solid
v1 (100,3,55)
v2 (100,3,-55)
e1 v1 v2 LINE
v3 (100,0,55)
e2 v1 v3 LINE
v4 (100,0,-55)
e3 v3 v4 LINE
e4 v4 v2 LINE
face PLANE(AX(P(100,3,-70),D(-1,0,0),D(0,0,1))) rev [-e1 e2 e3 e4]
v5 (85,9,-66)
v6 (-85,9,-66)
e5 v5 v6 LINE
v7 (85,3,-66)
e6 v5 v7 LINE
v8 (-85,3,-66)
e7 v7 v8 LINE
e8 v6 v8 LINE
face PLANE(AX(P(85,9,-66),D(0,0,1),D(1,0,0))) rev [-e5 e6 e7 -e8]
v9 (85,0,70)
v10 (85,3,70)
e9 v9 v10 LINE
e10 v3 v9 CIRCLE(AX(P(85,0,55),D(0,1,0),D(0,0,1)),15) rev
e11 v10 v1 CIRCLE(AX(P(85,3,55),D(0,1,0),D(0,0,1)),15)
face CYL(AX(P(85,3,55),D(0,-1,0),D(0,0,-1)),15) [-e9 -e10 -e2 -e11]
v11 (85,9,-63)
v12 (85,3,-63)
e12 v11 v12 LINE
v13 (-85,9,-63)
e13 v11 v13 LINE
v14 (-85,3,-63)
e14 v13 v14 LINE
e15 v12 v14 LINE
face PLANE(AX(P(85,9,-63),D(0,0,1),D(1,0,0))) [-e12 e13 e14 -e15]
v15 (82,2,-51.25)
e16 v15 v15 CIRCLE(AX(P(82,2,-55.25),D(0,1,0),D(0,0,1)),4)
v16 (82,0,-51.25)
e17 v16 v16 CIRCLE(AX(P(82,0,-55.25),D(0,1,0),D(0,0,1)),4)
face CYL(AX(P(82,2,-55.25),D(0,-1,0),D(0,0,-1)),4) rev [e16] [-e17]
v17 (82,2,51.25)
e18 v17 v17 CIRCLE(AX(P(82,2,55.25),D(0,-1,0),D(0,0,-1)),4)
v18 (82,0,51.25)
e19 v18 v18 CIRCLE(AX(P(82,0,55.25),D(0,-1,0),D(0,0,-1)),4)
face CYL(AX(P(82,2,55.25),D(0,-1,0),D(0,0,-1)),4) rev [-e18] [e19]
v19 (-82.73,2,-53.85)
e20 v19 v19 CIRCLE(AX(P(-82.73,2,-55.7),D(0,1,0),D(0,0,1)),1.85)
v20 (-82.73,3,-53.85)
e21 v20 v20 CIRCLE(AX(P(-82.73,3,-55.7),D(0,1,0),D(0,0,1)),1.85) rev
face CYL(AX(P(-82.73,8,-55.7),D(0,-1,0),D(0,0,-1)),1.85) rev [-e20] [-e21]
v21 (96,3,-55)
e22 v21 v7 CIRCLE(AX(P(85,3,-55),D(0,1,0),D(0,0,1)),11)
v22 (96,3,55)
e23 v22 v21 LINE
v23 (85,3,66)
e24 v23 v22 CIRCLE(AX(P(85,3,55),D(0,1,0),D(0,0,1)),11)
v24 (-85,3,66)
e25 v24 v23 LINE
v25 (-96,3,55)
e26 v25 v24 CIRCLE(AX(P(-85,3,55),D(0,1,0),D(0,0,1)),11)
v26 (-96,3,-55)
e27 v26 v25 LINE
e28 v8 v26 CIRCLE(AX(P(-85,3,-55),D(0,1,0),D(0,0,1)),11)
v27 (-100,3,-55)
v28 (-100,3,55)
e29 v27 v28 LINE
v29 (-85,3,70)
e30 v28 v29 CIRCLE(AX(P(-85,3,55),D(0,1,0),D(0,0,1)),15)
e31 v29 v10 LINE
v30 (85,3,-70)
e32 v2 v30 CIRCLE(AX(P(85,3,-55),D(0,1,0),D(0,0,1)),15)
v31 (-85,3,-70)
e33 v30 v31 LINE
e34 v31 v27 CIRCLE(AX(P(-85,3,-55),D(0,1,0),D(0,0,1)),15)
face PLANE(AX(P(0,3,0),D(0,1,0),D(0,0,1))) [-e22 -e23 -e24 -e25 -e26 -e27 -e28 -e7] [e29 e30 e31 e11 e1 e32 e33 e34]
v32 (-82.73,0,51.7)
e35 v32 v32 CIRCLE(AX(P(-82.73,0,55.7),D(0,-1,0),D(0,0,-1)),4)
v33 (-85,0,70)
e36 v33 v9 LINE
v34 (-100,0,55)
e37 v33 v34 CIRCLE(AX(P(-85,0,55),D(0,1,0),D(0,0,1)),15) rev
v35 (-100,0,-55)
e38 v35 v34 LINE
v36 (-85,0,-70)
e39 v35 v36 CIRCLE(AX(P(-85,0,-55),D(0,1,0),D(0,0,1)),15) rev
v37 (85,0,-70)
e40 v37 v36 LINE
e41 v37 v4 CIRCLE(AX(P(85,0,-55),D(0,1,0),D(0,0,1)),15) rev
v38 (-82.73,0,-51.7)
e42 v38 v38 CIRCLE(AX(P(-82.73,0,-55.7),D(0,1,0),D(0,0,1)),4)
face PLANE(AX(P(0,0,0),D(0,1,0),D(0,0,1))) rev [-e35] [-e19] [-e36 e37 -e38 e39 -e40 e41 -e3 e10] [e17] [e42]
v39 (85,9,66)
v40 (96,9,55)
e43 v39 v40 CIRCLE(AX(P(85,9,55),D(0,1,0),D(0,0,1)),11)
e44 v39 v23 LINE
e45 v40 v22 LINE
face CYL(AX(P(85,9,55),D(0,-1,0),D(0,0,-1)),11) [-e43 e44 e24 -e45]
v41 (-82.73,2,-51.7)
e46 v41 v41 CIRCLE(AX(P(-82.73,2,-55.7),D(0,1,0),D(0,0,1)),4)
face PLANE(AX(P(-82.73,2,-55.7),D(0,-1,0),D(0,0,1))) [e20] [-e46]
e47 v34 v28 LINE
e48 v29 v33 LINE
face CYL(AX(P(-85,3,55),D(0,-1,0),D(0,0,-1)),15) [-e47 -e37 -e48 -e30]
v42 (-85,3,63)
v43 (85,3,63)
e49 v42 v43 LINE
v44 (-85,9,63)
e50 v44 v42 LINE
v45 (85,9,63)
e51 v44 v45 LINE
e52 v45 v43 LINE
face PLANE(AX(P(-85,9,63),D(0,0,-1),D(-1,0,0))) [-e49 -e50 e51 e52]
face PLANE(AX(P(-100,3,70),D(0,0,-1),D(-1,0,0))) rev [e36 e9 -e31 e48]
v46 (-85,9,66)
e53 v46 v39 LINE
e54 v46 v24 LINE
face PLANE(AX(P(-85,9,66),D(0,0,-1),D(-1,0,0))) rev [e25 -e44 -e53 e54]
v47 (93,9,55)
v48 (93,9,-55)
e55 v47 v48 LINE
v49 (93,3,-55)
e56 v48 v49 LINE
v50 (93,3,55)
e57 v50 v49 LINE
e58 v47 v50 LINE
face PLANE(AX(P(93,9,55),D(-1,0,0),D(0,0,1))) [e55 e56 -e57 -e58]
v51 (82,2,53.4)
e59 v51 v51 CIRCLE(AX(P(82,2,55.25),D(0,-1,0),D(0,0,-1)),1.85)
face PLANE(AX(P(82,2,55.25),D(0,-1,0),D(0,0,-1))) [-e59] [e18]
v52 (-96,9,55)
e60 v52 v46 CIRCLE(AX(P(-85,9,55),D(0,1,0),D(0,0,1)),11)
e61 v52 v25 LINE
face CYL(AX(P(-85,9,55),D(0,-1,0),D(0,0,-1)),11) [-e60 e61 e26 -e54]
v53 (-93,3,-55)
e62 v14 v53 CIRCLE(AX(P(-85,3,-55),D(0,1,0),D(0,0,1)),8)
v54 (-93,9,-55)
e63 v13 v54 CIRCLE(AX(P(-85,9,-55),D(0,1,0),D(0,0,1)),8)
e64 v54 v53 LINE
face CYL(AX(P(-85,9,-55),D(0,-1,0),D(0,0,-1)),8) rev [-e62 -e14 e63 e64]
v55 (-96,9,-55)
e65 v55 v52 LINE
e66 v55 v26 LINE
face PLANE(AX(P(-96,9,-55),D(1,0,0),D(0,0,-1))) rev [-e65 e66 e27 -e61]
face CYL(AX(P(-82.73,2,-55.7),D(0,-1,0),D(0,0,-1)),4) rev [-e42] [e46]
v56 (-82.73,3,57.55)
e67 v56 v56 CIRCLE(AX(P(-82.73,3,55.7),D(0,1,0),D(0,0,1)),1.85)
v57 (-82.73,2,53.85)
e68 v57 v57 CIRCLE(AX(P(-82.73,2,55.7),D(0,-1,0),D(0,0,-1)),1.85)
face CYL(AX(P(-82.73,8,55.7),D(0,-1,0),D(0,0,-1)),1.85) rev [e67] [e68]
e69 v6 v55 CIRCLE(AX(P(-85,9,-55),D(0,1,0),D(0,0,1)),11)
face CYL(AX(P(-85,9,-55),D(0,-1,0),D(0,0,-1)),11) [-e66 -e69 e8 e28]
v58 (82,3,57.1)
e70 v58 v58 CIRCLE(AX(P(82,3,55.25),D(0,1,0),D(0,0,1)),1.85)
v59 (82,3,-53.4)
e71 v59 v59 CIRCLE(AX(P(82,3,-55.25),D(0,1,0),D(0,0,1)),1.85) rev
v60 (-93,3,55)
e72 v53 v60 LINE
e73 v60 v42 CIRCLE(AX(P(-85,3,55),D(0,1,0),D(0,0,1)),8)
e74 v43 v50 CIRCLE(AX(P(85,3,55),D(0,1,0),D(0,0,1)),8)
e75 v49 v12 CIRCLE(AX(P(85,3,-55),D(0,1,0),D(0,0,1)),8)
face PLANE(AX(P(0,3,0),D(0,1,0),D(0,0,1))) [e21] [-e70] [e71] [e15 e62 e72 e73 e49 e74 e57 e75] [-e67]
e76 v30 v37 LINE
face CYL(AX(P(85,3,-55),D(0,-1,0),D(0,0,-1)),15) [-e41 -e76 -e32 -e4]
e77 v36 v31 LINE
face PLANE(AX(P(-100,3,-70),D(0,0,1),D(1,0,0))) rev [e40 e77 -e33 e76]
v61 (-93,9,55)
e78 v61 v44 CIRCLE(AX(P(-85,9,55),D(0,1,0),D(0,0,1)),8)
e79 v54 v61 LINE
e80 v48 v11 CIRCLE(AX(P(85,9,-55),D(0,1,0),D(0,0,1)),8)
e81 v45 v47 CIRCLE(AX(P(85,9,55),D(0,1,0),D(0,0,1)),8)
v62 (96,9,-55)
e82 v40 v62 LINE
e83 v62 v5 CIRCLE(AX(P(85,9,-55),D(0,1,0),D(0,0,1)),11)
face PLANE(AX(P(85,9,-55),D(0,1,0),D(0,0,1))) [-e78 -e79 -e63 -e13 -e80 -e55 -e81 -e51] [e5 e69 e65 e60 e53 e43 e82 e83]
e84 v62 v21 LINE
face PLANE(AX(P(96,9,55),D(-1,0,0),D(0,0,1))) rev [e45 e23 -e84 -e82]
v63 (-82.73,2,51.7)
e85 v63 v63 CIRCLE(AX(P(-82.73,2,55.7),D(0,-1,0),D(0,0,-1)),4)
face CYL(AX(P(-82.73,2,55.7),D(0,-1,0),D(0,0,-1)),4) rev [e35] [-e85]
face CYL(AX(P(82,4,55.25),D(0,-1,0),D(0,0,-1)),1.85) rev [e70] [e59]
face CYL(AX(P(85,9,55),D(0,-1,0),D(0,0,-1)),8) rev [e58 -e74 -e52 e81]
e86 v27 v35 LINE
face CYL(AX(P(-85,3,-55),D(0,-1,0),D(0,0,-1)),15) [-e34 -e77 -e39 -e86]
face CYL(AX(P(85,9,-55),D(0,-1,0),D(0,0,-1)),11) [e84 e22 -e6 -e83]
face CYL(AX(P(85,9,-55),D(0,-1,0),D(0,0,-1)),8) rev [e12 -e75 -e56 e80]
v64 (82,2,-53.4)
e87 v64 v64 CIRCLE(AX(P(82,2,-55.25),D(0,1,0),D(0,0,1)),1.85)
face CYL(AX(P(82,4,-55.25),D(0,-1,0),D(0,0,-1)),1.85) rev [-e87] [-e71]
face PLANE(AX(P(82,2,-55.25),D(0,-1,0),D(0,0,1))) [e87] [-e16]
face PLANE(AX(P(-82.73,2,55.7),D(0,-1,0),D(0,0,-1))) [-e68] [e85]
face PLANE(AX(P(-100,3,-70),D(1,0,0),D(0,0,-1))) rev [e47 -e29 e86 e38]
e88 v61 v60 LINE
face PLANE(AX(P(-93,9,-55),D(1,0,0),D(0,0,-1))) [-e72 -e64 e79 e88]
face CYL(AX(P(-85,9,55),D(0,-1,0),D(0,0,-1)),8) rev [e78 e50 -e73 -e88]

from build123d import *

# Parameters (mm, degrees)
SKETCH1_W           = 200
SKETCH1_H           = 140
BOSS_EXTRUDE1_DEPTH = 3
FILLET1_R           = 15
BOSS_EXTRUDE2_DEPTH = 6
SKETCH4_R           = 4
CUT_EXTRUDE1_DEPTH  = 2
SKETCH5_R           = 1.85
CUT_EXTRUDE2_DEPTH  = 6
SKETCH6_R           = 4
CUT_EXTRUDE3_DEPTH  = 2
SKETCH7_R           = 1.85
CUT_EXTRUDE4_DEPTH  = 2


with BuildPart() as part:
    # Sketch1 → Boss-Extrude1 (new body)
    with BuildSketch(Plane(origin=(0, 0, 0), x_dir=(1, 0, 0), z_dir=(0, 1, 0))):
        Rectangle(SKETCH1_W, SKETCH1_H)
    extrude(amount=BOSS_EXTRUDE1_DEPTH)

    # Fillet1
    fillet1_edges = [part.edges().sort_by_distance(p)[0] for p in [
        (100, 1.5, 70),
        (-100, 1.5, 70),
        (-100, 1.5, -70),
        (100, 1.5, -70),
    ]]
    fillet(fillet1_edges, radius=FILLET1_R)

    # Sketch3 → Boss-Extrude2 (add)
    with BuildSketch(Plane(origin=(0, 3, 0), x_dir=(1, 0, 0), z_dir=(0, 1, 0))):
        with BuildLine():
            Line((96, -55), (96, 55))
            ThreePointArc((96, 55), (92.778174593, 62.778174593), (85, 66))
            Line((85, 66), (-85, 66))
            ThreePointArc((-85, 66), (-92.778174593, 62.778174593), (-96, 55))
            Line((-96, 55), (-96, -55))
            ThreePointArc((-96, -55), (-92.778174593, -62.778174593), (-85, -66))
            Line((-85, -66), (85, -66))
            ThreePointArc((85, -66), (92.778174593, -62.778174593), (96, -55))
        make_face()
        with BuildLine():
            Line((85, 63), (-85, 63))
            ThreePointArc((-85, 63), (-90.656854249, 60.656854249), (-93, 55))
            Line((-93, 55), (-93, -55))
            ThreePointArc((-93, -55), (-90.656854249, -60.656854249), (-85, -63))
            Line((-85, -63), (85, -63))
            ThreePointArc((85, -63), (90.656854249, -60.656854249), (93, -55))
            Line((93, -55), (93, 55))
            ThreePointArc((93, 55), (90.656854249, 60.656854249), (85, 63))
        make_face(mode=Mode.SUBTRACT)
    extrude(amount=BOSS_EXTRUDE2_DEPTH)

    # Sketch4 → Cut-Extrude1 (cut)
    with BuildSketch(Plane(origin=(0, 0, 0), x_dir=(-1, 0, 0), z_dir=(0, -1, 0))):
        with Locations((82.73, -55.7)):
            Circle(SKETCH4_R)
    cut_extrude1 = extrude(amount=-CUT_EXTRUDE1_DEPTH, mode=Mode.SUBTRACT)

    # Mirror1: Cut-Extrude1 across plane
    add(cut_extrude1.mirror(Plane.XY), mode=Mode.SUBTRACT)

    # Sketch5 → Cut-Extrude2 (cut)
    with BuildSketch(Plane.XZ.offset(-2)):
        with Locations((-82.73, 55.7)):
            Circle(SKETCH5_R)
    cut_extrude2 = extrude(amount=-CUT_EXTRUDE2_DEPTH, mode=Mode.SUBTRACT)

    # Mirror2: Cut-Extrude2 across plane
    add(cut_extrude2.mirror(Plane.XY), mode=Mode.SUBTRACT)

    # Sketch6 → Cut-Extrude3 (cut)
    with BuildSketch(Plane(origin=(0, 0, 0), x_dir=(-1, 0, 0), z_dir=(0, -1, 0))):
        with Locations((-82, -55.25)):
            Circle(SKETCH6_R)
    cut_extrude3 = extrude(amount=-CUT_EXTRUDE3_DEPTH, mode=Mode.SUBTRACT)

    # Mirror3: Cut-Extrude3 across plane
    add(cut_extrude3.mirror(Plane.XY), mode=Mode.SUBTRACT)

    # Sketch7 → Cut-Extrude4 (cut)
    with BuildSketch(Plane(origin=(0, 2, 0), x_dir=(-1, 0, 0), z_dir=(0, -1, 0))):
        with Locations((-82, -55.25)):
            Circle(SKETCH7_R)
    cut_extrude4 = extrude(amount=-CUT_EXTRUDE4_DEPTH, mode=Mode.SUBTRACT)

    # Mirror4: Cut-Extrude4 across plane
    add(cut_extrude4.mirror(Plane.XY), mode=Mode.SUBTRACT)


solid = part.part
